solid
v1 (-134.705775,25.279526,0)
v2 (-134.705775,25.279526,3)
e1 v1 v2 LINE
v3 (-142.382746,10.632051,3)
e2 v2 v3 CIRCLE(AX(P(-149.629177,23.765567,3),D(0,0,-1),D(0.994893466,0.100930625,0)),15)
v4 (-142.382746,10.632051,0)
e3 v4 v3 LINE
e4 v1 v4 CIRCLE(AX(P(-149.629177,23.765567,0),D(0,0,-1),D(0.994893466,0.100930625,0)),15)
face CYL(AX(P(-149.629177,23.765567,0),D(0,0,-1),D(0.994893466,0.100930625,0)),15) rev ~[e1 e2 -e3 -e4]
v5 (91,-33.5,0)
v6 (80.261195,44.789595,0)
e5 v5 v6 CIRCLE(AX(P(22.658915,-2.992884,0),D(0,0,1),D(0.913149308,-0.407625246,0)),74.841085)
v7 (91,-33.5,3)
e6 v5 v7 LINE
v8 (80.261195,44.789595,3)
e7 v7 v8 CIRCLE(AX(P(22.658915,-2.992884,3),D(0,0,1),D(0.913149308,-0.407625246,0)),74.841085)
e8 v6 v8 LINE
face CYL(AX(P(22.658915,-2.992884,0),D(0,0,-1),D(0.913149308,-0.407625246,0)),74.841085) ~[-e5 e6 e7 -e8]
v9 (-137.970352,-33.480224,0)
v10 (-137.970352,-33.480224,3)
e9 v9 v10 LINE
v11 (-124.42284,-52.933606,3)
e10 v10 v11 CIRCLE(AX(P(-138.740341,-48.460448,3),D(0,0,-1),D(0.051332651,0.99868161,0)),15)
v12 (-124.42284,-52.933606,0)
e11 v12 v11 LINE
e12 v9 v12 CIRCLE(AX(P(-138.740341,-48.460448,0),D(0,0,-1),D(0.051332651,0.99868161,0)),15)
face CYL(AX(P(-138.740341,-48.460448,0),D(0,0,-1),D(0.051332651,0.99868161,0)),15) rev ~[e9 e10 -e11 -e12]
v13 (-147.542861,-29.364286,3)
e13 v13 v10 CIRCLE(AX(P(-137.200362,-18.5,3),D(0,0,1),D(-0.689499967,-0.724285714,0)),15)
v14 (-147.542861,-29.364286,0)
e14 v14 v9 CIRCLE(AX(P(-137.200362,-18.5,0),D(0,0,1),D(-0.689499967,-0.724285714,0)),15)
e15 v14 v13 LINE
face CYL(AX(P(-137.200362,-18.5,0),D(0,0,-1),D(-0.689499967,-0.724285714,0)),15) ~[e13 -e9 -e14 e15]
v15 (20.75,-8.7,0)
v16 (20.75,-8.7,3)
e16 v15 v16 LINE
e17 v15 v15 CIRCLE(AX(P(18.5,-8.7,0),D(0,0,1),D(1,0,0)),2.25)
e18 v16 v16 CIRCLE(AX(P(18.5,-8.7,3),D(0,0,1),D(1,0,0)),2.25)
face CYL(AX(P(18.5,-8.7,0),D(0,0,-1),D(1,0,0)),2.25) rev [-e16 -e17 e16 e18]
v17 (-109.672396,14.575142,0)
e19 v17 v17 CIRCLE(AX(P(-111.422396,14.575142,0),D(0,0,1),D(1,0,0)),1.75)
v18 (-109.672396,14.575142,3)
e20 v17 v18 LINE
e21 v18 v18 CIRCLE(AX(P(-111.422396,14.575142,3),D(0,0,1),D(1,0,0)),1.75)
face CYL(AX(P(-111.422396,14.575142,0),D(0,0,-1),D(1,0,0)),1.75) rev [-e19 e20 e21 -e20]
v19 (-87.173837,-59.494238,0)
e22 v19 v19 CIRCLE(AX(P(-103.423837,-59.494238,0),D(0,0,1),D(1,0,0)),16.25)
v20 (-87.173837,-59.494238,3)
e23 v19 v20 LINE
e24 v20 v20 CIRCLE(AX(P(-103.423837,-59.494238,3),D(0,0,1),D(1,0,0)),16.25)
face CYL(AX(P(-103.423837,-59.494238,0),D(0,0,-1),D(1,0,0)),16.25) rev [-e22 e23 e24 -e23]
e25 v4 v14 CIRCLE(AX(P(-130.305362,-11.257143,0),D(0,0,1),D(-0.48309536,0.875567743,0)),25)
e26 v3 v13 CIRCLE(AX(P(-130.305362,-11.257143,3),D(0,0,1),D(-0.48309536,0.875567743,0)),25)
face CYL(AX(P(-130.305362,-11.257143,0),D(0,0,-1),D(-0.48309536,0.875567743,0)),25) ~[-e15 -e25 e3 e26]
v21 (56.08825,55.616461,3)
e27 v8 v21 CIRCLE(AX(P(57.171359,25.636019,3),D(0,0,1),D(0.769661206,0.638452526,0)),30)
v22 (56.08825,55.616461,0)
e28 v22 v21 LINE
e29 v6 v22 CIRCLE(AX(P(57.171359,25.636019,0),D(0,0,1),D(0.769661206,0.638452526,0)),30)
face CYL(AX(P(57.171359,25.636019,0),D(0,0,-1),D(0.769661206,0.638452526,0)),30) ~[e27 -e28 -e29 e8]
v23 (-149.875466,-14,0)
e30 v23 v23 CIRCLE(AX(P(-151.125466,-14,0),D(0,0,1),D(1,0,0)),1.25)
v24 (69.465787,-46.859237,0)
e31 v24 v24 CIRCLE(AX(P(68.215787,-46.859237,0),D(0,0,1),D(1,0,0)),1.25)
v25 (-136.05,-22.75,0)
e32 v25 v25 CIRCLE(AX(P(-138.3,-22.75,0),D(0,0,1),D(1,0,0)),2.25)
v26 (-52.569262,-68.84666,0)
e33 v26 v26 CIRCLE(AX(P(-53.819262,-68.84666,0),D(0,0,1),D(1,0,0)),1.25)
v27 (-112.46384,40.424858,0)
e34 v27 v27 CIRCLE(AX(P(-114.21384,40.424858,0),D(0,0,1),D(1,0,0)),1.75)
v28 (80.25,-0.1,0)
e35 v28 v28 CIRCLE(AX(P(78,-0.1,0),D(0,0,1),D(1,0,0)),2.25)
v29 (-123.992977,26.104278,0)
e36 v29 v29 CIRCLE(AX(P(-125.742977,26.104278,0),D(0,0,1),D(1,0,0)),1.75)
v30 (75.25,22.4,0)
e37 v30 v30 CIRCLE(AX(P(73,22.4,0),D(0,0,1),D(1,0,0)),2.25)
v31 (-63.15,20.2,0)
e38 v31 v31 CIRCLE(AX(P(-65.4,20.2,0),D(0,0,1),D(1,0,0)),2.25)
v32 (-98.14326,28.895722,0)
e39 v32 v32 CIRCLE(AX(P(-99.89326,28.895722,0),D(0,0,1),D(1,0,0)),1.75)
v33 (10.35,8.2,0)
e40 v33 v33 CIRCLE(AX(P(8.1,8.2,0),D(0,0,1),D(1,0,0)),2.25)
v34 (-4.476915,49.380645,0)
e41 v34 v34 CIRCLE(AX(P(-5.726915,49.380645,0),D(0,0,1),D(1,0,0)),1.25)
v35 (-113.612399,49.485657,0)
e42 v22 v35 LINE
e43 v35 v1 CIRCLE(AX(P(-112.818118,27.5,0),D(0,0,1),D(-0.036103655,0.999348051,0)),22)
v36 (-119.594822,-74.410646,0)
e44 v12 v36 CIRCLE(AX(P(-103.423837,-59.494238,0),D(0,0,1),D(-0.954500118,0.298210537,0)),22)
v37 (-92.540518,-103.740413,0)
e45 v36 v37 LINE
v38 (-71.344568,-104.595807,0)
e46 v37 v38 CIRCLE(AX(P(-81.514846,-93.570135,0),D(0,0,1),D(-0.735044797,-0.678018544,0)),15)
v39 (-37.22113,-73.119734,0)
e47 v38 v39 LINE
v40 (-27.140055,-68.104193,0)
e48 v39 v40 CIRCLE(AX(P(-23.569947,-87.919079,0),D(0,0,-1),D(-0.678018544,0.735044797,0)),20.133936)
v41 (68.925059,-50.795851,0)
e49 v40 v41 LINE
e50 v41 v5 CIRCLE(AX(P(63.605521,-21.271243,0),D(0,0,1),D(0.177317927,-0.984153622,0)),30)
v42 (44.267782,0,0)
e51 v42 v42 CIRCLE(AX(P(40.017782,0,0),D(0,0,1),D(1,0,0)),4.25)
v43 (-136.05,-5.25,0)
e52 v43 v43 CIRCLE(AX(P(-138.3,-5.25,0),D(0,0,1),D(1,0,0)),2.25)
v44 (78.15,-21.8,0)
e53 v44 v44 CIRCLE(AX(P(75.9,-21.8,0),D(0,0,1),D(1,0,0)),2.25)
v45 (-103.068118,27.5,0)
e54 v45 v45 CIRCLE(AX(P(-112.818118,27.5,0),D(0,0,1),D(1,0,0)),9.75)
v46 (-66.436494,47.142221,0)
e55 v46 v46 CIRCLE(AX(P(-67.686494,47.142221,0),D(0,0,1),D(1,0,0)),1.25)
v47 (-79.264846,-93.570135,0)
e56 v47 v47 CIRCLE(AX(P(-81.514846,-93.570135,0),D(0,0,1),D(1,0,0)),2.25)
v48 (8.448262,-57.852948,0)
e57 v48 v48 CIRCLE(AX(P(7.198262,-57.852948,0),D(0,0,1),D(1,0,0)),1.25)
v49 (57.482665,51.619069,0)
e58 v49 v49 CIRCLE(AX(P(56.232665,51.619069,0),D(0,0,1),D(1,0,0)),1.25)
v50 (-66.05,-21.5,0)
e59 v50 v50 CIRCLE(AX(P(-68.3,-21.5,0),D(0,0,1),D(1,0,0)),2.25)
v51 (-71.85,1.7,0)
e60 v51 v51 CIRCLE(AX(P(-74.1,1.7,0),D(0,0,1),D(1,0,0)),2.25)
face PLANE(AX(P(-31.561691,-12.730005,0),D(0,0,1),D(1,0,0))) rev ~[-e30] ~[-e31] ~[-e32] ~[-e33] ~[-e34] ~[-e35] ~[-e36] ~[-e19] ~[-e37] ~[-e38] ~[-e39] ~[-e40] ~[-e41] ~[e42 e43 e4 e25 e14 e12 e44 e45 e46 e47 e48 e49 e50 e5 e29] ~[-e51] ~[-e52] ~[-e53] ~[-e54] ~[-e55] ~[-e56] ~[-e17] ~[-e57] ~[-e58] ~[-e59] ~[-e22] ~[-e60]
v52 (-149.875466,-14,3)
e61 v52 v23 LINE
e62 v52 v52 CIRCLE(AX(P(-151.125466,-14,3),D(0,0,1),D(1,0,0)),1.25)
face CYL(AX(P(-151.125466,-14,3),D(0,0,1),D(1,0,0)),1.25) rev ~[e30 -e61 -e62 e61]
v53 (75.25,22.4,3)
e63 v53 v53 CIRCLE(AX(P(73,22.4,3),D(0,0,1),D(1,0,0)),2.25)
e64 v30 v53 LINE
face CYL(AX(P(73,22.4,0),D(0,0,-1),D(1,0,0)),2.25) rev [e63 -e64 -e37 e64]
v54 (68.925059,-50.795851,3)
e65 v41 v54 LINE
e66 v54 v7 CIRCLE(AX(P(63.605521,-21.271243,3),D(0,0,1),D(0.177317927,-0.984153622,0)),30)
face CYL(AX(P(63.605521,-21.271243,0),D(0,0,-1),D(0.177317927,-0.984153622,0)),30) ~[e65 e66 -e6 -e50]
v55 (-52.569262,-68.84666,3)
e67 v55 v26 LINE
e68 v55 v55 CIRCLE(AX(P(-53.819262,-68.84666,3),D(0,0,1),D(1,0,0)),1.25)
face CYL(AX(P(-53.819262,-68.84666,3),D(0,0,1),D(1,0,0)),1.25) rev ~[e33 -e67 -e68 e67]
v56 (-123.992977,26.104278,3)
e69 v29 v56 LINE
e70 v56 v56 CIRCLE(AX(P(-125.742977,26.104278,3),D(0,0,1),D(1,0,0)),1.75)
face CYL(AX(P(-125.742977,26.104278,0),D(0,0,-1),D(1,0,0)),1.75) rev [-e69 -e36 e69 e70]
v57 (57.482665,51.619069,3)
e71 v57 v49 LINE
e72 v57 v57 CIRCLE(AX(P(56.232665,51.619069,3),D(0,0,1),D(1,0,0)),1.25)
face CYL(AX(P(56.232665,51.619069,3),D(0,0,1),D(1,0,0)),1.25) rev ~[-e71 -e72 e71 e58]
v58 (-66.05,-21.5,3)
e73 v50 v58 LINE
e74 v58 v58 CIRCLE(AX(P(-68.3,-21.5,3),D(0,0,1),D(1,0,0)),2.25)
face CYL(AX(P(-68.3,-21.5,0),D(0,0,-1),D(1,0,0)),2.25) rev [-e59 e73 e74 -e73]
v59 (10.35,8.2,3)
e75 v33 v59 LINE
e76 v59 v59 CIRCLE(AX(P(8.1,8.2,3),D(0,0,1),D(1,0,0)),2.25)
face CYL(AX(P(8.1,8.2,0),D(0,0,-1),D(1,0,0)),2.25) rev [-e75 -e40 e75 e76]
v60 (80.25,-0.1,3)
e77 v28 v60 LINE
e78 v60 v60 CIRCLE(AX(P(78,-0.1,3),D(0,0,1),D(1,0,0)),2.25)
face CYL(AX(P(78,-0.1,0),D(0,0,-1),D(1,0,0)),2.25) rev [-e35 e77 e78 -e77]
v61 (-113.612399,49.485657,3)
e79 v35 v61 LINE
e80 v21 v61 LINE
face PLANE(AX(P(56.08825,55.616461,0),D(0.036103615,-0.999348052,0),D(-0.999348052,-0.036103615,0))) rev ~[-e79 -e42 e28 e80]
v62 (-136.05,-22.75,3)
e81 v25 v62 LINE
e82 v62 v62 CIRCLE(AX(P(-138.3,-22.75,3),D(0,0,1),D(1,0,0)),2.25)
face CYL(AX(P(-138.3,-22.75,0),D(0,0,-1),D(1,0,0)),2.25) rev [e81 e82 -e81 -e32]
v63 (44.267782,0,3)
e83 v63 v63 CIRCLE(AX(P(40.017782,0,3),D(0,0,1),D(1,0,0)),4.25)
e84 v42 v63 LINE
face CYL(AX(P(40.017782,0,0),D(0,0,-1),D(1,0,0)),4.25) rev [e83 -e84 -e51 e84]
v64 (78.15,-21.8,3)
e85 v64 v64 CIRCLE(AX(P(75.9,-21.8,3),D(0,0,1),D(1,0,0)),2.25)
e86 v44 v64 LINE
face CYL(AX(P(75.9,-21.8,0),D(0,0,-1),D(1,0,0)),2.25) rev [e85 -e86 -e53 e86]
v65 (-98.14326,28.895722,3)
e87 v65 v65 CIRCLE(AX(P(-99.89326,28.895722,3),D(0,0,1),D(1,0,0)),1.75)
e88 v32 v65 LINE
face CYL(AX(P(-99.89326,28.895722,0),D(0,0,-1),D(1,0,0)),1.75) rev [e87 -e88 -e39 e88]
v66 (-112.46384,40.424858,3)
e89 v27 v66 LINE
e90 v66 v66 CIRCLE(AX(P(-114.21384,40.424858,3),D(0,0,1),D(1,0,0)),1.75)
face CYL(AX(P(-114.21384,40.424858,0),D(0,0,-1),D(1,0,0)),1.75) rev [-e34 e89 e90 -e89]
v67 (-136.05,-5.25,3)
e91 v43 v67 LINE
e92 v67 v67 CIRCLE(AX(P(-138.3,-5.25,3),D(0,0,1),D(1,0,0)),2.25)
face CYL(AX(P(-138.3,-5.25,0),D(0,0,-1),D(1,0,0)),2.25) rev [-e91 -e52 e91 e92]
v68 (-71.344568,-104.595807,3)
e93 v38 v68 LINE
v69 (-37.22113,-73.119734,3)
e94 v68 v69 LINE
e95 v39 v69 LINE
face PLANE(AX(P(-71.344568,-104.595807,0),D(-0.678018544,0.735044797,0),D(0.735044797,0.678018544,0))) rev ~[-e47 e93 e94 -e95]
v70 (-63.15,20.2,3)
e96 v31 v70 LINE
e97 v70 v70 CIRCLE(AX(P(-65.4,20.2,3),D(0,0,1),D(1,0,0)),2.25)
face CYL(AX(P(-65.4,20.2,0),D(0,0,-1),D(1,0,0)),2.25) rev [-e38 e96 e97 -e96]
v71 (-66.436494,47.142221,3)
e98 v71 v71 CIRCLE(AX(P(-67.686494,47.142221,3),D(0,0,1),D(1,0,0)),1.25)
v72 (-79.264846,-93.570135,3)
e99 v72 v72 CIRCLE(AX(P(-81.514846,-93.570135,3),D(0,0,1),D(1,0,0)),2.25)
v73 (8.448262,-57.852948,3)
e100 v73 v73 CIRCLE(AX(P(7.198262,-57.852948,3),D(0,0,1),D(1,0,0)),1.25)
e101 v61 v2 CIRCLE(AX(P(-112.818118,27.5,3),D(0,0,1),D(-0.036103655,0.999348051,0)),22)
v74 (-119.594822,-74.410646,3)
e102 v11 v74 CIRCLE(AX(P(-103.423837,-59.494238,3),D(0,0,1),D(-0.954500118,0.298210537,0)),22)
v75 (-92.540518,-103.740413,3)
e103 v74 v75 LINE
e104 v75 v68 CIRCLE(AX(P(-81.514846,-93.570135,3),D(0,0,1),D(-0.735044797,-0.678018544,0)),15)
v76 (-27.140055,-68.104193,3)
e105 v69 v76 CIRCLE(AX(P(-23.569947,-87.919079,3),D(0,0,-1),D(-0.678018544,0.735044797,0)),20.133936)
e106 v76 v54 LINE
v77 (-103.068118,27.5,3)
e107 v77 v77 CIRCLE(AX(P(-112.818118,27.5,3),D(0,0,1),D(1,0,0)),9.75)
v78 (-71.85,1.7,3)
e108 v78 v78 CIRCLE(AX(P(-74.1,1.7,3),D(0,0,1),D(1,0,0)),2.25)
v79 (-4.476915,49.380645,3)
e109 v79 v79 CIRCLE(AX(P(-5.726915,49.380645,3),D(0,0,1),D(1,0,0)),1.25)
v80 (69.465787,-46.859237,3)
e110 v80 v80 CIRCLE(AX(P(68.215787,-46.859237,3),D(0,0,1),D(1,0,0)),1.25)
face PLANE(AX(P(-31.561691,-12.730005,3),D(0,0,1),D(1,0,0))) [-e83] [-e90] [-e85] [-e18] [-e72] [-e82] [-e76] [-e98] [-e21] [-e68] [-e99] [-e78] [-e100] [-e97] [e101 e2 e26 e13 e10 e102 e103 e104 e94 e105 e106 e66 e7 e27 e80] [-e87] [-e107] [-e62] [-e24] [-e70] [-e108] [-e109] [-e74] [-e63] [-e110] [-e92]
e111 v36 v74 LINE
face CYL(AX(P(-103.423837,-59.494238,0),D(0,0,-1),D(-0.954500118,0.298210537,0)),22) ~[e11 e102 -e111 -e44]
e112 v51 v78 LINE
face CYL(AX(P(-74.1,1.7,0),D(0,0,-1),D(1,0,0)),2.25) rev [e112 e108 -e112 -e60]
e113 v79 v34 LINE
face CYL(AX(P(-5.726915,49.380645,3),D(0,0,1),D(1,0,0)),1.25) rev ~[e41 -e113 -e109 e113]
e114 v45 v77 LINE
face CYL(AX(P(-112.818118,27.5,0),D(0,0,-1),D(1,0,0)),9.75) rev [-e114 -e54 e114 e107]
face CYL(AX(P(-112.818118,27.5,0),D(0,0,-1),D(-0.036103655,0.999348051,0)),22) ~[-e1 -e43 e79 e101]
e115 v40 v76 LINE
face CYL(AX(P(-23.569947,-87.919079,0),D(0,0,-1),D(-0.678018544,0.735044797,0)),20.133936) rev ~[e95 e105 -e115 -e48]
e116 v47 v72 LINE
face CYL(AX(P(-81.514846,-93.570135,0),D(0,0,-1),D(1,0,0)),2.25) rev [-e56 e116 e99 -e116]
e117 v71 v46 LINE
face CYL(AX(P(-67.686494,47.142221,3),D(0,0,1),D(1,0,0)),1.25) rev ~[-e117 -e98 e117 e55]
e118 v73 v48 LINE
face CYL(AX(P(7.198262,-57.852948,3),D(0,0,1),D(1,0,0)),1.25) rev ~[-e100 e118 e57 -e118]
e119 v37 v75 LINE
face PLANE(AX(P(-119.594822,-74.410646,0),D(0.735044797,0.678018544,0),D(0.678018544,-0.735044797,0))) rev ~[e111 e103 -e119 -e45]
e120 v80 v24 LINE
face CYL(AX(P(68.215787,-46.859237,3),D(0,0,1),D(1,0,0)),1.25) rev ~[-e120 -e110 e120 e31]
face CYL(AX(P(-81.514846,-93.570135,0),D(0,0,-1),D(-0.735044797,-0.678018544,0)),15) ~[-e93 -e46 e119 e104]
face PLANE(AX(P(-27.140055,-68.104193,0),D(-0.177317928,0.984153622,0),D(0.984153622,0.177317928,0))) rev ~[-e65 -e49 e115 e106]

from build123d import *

# Parameters (mm, degrees)
SKETCH1_R           = 2.25
SKETCH1_R_2         = 16.25
SKETCH1_R_3         = 4.25
SKETCH1_R_4         = 1.75
SKETCH1_R_5         = 9.75
BOSS_EXTRUDE1_DEPTH = 3
SKETCH2_R           = 1.25
CUT_EXTRUDE1_DEPTH  = 190.515777006


with BuildPart() as part:
    # Sketch1 → Boss-Extrude1 (new body)
    with BuildSketch(Plane.XY):
        with BuildLine():
            ThreePointArc((-137.970351553, -33.480224156), (-126.431132561, -39.888203569), (-124.422839539, -52.93360637))
            ThreePointArc((-124.422839539, -52.93360637), (-124.888175134, -64.31939994), (-119.594822483, -74.410646153))
            Line((-119.594822483, -74.410646153), (-92.540517723, -103.740413224))
            ThreePointArc((-92.540517723, -103.740413224), (-82.119700521, -108.557935129), (-71.344567605, -104.595807028))
            Line((-71.344567605, -104.595807028), (-37.221129556, -73.119733925))
            ThreePointArc((-37.221129556, -73.119733925), (-32.538343047, -69.892896145), (-27.140055215, -68.104192696))
            Line((-27.140055215, -68.104192696), (68.925058584, -50.795851294))
            ThreePointArc((68.925058584, -50.795851294), (82.107908339, -44.886103489), (91, -33.5))
            ThreePointArc((91, -33.5), (96.805715124, 7.17766304), (80.26119478, 44.789595257))
            ThreePointArc((80.26119478, 44.789595257), (69.434281248, 53.01522195), (56.08825014, 55.616461034))
            Line((56.08825014, 55.616461034), (-113.612398701, 49.485657112))
            ThreePointArc((-113.612398701, 49.485657112), (-129.404310002, 41.953312576), (-134.705774542, 25.279526249))
            ThreePointArc((-134.705774542, 25.279526249), (-136.343375771, 16.802270376), (-142.382746132, 10.632050724))
            ThreePointArc((-142.382746132, 10.632050724), (-155.099864059, -8.058287742), (-147.542861296, -29.364285714))
            ThreePointArc((-147.542861296, -29.364285714), (-143.125485566, -32.280163581), (-137.970351553, -33.480224156))
        make_face()
        with Locations((-81.514845762, -93.570135067)):
            Circle(SKETCH1_R, mode=Mode.SUBTRACT)
        with Locations((-103.42383694, -59.494238188)):
            Circle(SKETCH1_R_2, mode=Mode.SUBTRACT)
        with Locations((-138.3, -22.75)):
            Circle(SKETCH1_R, mode=Mode.SUBTRACT)
        with Locations((-138.3, -5.25)):
            Circle(SKETCH1_R, mode=Mode.SUBTRACT)
        with Locations((-68.3, -21.5)):
            Circle(SKETCH1_R, mode=Mode.SUBTRACT)
        with Locations((-74.1, 1.7)):
            Circle(SKETCH1_R, mode=Mode.SUBTRACT)
        with Locations((-65.4, 20.2)):
            Circle(SKETCH1_R, mode=Mode.SUBTRACT)
        with Locations((18.5, -8.7)):
            Circle(SKETCH1_R, mode=Mode.SUBTRACT)
        with Locations((8.1, 8.2)):
            Circle(SKETCH1_R, mode=Mode.SUBTRACT)
        with Locations((75.9, -21.8)):
            Circle(SKETCH1_R, mode=Mode.SUBTRACT)
        with Locations((40.017782272, 0)):
            Circle(SKETCH1_R_3, mode=Mode.SUBTRACT)
        with Locations((78, -0.1)):
            Circle(SKETCH1_R, mode=Mode.SUBTRACT)
        with Locations((73, 22.4)):
            Circle(SKETCH1_R, mode=Mode.SUBTRACT)
        with Locations((-114.213840088, 40.424858245)):
            Circle(SKETCH1_R_4, mode=Mode.SUBTRACT)
        with Locations((-111.422396488, 14.575141755)):
            Circle(SKETCH1_R_4, mode=Mode.SUBTRACT)
        with Locations((-125.742976533, 26.1042782)):
            Circle(SKETCH1_R_4, mode=Mode.SUBTRACT)
        with Locations((-112.818118288, 27.5)):
            Circle(SKETCH1_R_5, mode=Mode.SUBTRACT)
        with Locations((-99.893260043, 28.8957218)):
            Circle(SKETCH1_R_4, mode=Mode.SUBTRACT)
    extrude(amount=BOSS_EXTRUDE1_DEPTH)

    # Sketch2 → Cut-Extrude1 (cut, through all)
    with BuildSketch(Plane.XY.offset(3)):
        with Locations((56.232664601, 51.619068826)):
            Circle(SKETCH2_R)
        with Locations((-5.72691462, 49.380644672)):
            Circle(SKETCH2_R)
        with Locations((-67.686493842, 47.142220518)):
            Circle(SKETCH2_R)
        with Locations((68.215786874, -46.859236804)):
            Circle(SKETCH2_R)
        with Locations((7.198262283, -57.852948313)):
            Circle(SKETCH2_R)
        with Locations((-151.125466228, -14)):
            Circle(SKETCH2_R)
        with Locations((-53.819262309, -68.846659822)):
            Circle(SKETCH2_R)
    extrude(amount=-CUT_EXTRUDE1_DEPTH, mode=Mode.SUBTRACT)


solid = part.part
